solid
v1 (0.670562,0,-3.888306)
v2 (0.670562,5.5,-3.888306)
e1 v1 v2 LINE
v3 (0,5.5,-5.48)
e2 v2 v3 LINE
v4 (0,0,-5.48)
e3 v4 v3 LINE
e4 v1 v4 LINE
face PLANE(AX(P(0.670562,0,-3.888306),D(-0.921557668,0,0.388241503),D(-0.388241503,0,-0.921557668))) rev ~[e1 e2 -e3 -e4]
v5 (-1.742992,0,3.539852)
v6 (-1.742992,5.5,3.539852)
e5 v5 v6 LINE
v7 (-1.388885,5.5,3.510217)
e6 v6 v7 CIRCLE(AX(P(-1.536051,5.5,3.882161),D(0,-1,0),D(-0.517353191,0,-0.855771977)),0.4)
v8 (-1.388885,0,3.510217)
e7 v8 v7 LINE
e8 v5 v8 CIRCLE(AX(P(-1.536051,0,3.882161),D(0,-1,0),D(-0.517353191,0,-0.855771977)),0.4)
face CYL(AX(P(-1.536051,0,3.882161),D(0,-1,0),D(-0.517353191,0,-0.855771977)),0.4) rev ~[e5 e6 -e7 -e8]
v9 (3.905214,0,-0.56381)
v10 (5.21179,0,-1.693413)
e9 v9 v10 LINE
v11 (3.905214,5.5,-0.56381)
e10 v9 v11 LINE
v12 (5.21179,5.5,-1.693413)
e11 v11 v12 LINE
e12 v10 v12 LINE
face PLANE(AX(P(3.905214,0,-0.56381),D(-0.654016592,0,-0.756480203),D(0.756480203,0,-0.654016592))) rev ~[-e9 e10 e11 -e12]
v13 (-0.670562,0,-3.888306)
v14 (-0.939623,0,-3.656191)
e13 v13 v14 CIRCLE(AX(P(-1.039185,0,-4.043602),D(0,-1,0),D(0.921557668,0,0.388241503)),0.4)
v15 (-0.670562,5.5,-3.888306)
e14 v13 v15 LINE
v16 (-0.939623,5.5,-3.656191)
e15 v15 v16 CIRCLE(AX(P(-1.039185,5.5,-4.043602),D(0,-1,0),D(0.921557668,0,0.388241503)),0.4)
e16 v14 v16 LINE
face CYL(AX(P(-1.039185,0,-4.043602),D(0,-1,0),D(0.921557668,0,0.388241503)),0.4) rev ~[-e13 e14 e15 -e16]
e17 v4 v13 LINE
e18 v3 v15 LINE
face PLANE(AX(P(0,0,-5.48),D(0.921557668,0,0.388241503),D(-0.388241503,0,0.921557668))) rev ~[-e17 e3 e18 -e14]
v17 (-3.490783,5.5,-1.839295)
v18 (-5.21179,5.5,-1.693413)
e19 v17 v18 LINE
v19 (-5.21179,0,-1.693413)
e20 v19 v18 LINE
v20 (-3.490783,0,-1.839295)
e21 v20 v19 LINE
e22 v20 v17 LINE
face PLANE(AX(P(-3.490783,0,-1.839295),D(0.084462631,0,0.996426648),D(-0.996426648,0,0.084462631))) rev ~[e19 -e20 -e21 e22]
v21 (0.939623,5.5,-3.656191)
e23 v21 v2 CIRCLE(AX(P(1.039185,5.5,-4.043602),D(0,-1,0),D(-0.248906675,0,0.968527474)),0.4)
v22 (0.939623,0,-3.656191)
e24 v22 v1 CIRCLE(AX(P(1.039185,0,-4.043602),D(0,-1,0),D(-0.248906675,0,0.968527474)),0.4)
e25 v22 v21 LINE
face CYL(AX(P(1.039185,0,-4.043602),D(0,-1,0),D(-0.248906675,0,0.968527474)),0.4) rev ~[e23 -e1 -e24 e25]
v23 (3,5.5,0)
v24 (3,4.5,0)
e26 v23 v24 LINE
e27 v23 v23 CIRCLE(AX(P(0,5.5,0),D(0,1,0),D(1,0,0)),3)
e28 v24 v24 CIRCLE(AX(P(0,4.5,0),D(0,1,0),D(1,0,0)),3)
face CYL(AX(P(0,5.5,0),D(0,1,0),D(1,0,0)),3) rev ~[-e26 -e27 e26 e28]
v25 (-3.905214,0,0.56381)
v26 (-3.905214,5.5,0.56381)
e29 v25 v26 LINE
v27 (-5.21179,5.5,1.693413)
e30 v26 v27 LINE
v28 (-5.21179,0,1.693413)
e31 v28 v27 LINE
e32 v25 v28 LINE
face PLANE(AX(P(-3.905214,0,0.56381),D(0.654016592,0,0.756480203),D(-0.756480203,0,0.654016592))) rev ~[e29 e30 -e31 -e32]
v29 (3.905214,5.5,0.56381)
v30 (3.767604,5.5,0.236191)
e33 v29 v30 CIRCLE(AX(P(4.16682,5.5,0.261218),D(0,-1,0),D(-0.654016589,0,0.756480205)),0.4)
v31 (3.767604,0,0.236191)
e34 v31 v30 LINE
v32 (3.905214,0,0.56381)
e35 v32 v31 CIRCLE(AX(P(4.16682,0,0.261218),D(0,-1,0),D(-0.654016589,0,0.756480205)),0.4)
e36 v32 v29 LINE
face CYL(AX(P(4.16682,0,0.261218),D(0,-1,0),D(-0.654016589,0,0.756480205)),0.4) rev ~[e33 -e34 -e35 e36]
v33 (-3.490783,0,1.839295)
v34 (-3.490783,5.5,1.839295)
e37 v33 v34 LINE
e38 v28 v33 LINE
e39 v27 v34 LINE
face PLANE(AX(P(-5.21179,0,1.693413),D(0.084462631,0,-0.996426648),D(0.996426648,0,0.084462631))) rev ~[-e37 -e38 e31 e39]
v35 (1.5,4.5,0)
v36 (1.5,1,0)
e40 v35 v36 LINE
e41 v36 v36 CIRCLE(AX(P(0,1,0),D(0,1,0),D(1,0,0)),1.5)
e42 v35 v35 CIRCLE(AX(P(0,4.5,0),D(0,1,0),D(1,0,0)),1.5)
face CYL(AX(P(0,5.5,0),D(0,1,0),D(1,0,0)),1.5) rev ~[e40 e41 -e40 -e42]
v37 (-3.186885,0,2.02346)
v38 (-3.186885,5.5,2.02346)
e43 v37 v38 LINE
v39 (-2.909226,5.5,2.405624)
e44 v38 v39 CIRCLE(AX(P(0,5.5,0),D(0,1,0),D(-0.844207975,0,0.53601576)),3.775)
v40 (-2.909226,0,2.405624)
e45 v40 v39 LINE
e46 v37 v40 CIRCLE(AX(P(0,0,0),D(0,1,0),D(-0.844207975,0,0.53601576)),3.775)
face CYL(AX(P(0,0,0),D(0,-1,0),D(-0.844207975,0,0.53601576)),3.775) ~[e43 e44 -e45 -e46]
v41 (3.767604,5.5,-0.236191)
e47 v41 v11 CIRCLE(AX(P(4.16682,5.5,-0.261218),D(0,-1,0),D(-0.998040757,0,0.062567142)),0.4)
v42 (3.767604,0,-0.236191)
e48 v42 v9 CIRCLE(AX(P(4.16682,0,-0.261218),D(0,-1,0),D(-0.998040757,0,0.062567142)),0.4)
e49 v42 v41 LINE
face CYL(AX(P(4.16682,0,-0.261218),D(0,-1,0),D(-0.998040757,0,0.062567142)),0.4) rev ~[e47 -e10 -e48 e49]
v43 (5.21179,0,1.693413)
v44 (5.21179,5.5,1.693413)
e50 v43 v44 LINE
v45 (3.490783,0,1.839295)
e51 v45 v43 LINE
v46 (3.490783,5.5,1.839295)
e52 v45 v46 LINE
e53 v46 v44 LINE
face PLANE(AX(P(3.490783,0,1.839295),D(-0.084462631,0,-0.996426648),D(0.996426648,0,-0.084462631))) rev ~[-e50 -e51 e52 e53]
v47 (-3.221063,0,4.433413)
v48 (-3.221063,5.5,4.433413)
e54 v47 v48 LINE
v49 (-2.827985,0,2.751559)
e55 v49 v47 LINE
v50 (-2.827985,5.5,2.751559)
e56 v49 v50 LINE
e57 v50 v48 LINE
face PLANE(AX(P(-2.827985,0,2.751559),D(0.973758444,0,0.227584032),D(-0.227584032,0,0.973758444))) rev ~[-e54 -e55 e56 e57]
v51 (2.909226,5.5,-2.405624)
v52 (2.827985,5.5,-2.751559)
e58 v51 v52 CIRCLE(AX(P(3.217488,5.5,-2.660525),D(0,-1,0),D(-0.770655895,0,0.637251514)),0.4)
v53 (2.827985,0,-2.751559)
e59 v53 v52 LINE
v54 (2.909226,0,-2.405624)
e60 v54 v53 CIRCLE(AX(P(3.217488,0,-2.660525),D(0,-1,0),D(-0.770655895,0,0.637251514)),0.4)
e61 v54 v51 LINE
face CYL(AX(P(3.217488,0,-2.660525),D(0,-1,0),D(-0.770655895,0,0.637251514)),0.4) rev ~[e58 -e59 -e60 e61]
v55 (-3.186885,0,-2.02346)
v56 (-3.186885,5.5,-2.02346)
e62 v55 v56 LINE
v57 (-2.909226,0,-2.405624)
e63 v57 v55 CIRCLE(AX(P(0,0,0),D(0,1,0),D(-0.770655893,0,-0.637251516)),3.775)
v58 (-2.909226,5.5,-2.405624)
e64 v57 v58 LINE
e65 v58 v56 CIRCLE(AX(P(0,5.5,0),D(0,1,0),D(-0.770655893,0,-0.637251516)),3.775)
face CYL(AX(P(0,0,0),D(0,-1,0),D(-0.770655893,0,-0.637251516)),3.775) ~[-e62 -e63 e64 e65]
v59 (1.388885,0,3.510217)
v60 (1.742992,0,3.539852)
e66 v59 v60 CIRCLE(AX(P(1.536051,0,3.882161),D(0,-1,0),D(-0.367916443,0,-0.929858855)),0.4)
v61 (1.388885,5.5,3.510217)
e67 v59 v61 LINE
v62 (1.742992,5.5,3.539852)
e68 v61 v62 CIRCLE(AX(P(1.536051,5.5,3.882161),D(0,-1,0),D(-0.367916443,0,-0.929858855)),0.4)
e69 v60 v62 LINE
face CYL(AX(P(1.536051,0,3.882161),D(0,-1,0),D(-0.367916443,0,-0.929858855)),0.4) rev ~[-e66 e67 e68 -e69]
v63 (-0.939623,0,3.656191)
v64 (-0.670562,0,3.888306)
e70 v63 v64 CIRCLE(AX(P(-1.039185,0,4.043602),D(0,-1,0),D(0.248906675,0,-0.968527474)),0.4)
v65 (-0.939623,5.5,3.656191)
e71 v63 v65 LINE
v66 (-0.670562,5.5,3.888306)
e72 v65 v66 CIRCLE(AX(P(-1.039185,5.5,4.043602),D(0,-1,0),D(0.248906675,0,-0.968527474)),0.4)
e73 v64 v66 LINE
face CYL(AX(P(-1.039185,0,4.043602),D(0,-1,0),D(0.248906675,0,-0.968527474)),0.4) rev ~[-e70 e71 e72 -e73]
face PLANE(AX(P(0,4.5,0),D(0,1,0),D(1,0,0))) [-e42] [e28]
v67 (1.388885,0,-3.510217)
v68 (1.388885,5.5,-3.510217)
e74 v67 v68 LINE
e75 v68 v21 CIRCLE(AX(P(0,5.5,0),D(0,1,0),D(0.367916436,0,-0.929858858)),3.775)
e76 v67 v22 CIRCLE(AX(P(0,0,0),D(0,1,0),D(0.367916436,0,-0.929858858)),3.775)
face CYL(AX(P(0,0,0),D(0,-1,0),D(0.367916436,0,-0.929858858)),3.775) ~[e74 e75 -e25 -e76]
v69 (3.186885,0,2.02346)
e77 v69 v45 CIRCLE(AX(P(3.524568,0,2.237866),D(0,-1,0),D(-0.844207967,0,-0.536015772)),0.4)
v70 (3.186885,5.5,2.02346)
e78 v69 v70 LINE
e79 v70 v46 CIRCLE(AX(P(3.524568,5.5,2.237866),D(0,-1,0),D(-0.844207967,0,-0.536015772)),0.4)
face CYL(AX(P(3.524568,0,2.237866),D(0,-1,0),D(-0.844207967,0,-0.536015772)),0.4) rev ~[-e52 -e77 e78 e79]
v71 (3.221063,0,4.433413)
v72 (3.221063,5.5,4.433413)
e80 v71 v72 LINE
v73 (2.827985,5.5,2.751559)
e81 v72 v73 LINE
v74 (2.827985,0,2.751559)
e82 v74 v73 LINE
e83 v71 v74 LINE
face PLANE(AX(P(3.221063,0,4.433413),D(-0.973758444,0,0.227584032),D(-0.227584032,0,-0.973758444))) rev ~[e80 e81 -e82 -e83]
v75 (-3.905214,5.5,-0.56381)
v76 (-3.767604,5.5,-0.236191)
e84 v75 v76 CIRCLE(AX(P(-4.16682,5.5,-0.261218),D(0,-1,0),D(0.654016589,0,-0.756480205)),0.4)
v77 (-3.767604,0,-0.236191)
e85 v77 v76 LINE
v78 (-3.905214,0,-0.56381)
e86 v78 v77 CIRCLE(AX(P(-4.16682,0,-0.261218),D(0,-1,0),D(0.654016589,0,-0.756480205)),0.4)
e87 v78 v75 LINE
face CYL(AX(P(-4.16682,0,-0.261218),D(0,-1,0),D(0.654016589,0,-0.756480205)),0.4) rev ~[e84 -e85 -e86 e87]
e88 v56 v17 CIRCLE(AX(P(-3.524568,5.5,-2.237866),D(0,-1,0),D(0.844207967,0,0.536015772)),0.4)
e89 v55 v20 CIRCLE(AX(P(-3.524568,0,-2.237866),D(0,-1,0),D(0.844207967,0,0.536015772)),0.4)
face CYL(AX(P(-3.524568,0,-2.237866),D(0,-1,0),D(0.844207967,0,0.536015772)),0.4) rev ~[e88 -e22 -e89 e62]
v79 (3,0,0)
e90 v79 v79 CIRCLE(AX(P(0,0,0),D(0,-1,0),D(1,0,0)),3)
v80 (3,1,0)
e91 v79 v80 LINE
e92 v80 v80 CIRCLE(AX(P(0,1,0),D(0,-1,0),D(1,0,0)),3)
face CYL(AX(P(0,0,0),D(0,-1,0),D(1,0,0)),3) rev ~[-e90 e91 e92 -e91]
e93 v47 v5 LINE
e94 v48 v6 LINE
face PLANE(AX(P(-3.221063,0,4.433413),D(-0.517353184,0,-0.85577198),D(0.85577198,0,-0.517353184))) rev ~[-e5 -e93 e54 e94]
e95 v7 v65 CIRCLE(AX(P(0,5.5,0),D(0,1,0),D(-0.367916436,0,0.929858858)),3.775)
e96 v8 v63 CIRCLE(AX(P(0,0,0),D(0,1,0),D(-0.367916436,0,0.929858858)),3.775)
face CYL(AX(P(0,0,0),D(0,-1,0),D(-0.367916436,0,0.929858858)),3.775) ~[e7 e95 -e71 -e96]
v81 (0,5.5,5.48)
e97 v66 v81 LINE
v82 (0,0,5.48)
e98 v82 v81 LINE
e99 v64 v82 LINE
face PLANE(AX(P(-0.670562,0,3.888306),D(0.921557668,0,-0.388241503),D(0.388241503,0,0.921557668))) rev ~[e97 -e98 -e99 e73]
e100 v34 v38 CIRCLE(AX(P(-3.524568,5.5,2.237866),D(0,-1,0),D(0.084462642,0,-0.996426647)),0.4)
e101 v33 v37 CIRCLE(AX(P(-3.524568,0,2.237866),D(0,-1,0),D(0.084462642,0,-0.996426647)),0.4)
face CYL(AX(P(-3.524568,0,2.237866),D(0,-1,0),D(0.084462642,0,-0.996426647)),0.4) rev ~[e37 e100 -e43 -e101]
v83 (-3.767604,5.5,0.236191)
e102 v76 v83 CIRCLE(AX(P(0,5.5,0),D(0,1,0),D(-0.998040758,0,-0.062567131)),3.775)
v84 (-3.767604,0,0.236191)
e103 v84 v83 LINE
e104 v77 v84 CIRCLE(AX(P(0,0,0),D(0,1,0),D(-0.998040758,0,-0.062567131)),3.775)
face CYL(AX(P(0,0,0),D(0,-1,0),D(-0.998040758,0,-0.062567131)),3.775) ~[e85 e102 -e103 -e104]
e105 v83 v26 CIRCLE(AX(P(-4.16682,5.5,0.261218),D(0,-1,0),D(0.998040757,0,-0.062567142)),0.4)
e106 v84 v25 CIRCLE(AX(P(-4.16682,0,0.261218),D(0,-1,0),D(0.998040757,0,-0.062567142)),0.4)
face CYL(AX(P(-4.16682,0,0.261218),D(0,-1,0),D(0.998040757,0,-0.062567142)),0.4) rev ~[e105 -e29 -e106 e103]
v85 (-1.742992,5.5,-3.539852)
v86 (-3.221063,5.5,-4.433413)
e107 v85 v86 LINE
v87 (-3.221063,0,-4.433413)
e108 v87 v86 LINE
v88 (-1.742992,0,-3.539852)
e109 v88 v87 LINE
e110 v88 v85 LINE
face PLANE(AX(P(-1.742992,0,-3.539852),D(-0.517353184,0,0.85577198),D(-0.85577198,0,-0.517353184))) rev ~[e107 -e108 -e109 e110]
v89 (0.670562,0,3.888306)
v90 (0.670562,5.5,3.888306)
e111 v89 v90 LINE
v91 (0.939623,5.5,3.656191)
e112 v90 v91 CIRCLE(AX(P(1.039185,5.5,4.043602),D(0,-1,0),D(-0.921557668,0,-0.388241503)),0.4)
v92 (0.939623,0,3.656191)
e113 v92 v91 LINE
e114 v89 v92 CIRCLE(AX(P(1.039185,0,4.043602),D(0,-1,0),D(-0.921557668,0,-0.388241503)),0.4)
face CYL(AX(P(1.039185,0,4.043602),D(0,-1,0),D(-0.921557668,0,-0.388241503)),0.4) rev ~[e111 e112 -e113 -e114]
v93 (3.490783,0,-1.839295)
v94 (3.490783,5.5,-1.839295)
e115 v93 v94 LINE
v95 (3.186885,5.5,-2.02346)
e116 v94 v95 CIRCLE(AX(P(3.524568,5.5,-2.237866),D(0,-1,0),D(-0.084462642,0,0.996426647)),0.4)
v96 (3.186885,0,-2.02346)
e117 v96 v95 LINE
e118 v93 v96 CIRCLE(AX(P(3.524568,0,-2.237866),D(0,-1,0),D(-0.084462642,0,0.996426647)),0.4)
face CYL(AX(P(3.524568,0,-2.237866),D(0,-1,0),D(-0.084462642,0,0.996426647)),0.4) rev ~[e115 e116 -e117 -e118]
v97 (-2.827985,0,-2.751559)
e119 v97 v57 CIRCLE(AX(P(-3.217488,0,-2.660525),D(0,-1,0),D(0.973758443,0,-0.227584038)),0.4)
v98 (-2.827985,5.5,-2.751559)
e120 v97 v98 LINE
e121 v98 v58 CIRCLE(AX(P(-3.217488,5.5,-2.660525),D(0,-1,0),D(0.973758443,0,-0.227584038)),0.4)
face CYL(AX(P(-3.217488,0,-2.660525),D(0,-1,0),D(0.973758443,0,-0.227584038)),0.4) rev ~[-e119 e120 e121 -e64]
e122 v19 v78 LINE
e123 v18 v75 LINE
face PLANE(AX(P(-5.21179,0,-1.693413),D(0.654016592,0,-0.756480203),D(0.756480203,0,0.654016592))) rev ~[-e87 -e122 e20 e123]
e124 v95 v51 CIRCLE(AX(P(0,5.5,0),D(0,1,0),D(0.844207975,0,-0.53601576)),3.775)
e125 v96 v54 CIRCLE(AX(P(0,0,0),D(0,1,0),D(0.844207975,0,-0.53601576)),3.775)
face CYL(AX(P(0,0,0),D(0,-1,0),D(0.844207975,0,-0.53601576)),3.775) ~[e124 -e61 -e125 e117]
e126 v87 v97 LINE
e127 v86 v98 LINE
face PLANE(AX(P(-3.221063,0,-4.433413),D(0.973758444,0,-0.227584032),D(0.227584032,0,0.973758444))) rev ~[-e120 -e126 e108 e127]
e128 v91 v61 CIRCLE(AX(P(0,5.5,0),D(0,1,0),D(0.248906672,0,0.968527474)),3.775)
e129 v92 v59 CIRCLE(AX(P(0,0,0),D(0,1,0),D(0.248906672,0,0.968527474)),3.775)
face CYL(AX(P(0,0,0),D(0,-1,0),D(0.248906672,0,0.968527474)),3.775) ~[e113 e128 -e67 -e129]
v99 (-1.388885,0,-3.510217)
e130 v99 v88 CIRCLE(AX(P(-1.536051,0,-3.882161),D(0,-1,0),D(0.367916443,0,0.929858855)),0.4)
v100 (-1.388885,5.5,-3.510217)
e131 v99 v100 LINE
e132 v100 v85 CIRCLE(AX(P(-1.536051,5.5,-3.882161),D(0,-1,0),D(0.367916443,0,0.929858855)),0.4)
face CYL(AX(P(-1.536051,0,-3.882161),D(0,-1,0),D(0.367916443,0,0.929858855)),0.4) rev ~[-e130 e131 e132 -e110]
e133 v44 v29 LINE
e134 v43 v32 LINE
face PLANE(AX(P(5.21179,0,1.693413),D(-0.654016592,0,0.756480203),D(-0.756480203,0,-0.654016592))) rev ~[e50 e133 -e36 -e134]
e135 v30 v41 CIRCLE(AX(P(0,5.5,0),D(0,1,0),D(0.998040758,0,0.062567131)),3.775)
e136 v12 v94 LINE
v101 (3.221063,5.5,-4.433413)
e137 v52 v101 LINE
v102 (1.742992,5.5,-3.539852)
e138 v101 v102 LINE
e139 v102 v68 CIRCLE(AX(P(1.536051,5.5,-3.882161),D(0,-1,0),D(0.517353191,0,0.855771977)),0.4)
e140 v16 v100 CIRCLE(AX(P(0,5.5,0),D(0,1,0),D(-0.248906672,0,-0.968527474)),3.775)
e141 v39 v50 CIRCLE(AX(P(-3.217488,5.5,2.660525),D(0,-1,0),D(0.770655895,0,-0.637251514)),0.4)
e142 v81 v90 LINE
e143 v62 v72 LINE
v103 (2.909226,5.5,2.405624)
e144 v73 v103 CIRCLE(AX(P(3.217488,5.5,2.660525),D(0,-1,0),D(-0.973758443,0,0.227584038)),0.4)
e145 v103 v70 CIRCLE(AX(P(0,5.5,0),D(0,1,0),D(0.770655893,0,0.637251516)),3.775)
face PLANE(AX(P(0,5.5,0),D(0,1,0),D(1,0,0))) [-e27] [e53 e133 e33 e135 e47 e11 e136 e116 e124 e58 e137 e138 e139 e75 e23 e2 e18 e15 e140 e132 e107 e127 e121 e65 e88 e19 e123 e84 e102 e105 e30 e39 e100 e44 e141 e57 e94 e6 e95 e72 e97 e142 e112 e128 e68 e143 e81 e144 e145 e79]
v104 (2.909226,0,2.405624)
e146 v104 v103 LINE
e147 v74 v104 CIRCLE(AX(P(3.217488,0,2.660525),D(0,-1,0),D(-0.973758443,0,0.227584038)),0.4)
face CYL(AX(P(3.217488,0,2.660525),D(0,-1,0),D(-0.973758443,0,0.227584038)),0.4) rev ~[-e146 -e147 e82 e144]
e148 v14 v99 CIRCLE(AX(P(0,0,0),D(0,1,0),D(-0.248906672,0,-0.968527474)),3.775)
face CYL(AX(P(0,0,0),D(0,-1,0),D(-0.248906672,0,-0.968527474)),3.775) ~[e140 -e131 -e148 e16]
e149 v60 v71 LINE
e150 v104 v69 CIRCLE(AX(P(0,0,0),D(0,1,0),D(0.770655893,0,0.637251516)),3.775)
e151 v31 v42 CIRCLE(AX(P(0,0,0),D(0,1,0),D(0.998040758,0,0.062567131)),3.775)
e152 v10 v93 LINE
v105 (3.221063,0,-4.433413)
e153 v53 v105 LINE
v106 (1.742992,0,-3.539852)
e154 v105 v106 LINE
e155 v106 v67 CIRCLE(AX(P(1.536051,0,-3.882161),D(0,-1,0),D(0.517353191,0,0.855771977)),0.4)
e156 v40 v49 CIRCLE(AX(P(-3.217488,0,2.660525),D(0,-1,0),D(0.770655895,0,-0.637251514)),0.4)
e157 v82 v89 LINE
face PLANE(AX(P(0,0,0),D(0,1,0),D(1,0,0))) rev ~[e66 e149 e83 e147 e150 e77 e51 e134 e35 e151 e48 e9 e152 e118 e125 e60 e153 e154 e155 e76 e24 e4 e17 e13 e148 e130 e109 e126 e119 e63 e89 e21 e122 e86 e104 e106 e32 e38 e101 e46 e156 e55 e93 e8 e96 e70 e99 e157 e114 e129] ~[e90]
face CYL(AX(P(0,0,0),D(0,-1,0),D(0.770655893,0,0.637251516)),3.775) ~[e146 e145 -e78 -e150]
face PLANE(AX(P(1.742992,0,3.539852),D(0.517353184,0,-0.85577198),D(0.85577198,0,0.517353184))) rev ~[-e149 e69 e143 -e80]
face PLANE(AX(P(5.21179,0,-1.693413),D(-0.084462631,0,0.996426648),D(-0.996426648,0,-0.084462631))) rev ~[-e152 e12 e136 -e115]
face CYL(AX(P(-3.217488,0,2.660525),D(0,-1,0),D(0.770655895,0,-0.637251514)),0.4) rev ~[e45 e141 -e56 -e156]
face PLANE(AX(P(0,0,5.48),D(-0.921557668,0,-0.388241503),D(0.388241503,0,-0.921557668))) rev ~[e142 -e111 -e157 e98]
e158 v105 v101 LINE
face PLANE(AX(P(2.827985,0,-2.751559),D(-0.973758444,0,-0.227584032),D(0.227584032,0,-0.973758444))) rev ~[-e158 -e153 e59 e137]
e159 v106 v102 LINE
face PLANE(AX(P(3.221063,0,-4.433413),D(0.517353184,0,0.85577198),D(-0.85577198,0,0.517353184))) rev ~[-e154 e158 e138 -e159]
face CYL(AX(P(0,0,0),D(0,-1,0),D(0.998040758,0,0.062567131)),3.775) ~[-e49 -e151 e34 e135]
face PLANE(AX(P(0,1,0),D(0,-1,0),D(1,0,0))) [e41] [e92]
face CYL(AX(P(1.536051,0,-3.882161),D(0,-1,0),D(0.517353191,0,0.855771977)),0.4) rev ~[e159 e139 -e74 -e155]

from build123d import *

# Parameters (mm, degrees)
BOSS_EXTRUDE1_DEPTH = 5.5
SKETCH2_R           = 1.5
CUT_EXTRUDE2_DEPTH  = 10.351104318
SKETCH2_4_R         = 3
SKETCH2_4_R_2       = 1.5
CUT_EXTRUDE3_DEPTH  = 1
CUT_EXTRUDE4_START  = -1
SKETCH4_R           = 3
CUT_EXTRUDE4_DEPTH  = 1


with BuildPart() as part:
    # Sketch1 → Boss-Extrude1 (new body)
    with BuildSketch(Plane(origin=(0, 0, 0), x_dir=(1, 0, 0), z_dir=(0, 1, 0))):
        with BuildLine():
            Line((0, 5.48), (-0.670562296, 3.888305602))
            ThreePointArc((-0.670562296, 3.888305602), (-0.777902483, 3.74073052), (-0.939622693, 3.656191214))
            ThreePointArc((-0.939622693, 3.656191214), (-1.166539154, 3.590238349), (-1.388884548, 3.510217189))
            ThreePointArc((-1.388884548, 3.510217189), (-1.569409904, 3.483554169), (-1.742992396, 3.53985194))
            Line((-1.742992396, 3.53985194), (-3.221063183, 4.433413129))
            Line((-3.221063183, 4.433413129), (-2.827984983, 2.751558684))
            ThreePointArc((-2.827984983, 2.751558684), (-2.828082561, 2.569074955), (-2.909226002, 2.405624465))
            ThreePointArc((-2.909226002, 2.405624465), (-3.054039154, 2.218889327), (-3.186885098, 2.023459505))
            ThreePointArc((-3.186885098, 2.023459505), (-3.31726105, 1.895778528), (-3.490783235, 1.839295151))
            Line((-3.490783235, 1.839295151), (-5.211789709, 1.693413129))
            Line((-5.211789709, 1.693413129), (-3.905213526, 0.56380987))
            ThreePointArc((-3.905213526, 0.56380987), (-3.798031224, 0.416120077), (-3.76760386, 0.236190934))
            ThreePointArc((-3.76760386, 0.236190934), (-3.775, 0), (-3.76760386, -0.236190934))
            ThreePointArc((-3.76760386, -0.236190934), (-3.798031224, -0.416120077), (-3.905213526, -0.56380987))
            Line((-3.905213526, -0.56380987), (-5.211789709, -1.693413129))
            Line((-5.211789709, -1.693413129), (-3.490783235, -1.839295151))
            ThreePointArc((-3.490783235, -1.839295151), (-3.31726105, -1.895778528), (-3.186885098, -2.023459505))
            ThreePointArc((-3.186885098, -2.023459505), (-3.054039154, -2.218889327), (-2.909226002, -2.405624465))
            ThreePointArc((-2.909226002, -2.405624465), (-2.828082561, -2.569074955), (-2.827984983, -2.751558684))
            Line((-2.827984983, -2.751558684), (-3.221063183, -4.433413129))
            Line((-3.221063183, -4.433413129), (-1.742992396, -3.53985194))
            ThreePointArc((-1.742992396, -3.53985194), (-1.569409904, -3.483554169), (-1.388884548, -3.510217189))
            ThreePointArc((-1.388884548, -3.510217189), (-1.166539154, -3.590238349), (-0.939622693, -3.656191214))
            ThreePointArc((-0.939622693, -3.656191214), (-0.777902483, -3.74073052), (-0.670562296, -3.888305602))
            Line((-0.670562296, -3.888305602), (0, -5.48))
            Line((0, -5.48), (0.670562296, -3.888305602))
            ThreePointArc((0.670562296, -3.888305602), (0.777902483, -3.74073052), (0.939622693, -3.656191214))
            ThreePointArc((0.939622693, -3.656191214), (1.166539154, -3.590238349), (1.388884548, -3.510217189))
            ThreePointArc((1.388884548, -3.510217189), (1.569409904, -3.483554169), (1.742992396, -3.53985194))
            Line((1.742992396, -3.53985194), (3.221063183, -4.433413129))
            Line((3.221063183, -4.433413129), (2.827984983, -2.751558684))
            ThreePointArc((2.827984983, -2.751558684), (2.828082561, -2.569074955), (2.909226002, -2.405624465))
            ThreePointArc((2.909226002, -2.405624465), (3.054039154, -2.218889327), (3.186885098, -2.023459505))
            ThreePointArc((3.186885098, -2.023459505), (3.31726105, -1.895778528), (3.490783235, -1.839295151))
            Line((3.490783235, -1.839295151), (5.211789709, -1.693413129))
            Line((5.211789709, -1.693413129), (3.905213526, -0.56380987))
            ThreePointArc((3.905213526, -0.56380987), (3.798031224, -0.416120077), (3.76760386, -0.236190934))
            ThreePointArc((3.76760386, -0.236190934), (3.775, 0), (3.76760386, 0.236190934))
            ThreePointArc((3.76760386, 0.236190934), (3.798031224, 0.416120077), (3.905213526, 0.56380987))
            Line((3.905213526, 0.56380987), (5.211789709, 1.693413129))
            Line((5.211789709, 1.693413129), (3.490783235, 1.839295151))
            ThreePointArc((3.490783235, 1.839295151), (3.31726105, 1.895778528), (3.186885098, 2.023459505))
            ThreePointArc((3.186885098, 2.023459505), (3.054039154, 2.218889327), (2.909226002, 2.405624465))
            ThreePointArc((2.909226002, 2.405624465), (2.828082561, 2.569074955), (2.827984983, 2.751558684))
            Line((2.827984983, 2.751558684), (3.221063183, 4.433413129))
            Line((3.221063183, 4.433413129), (1.742992396, 3.53985194))
            ThreePointArc((1.742992396, 3.53985194), (1.569409904, 3.483554169), (1.388884548, 3.510217189))
            ThreePointArc((1.388884548, 3.510217189), (1.166539154, 3.590238349), (0.939622693, 3.656191214))
            ThreePointArc((0.939622693, 3.656191214), (0.777902483, 3.74073052), (0.670562296, 3.888305602))
            Line((0.670562296, 3.888305602), (0, 5.48))
        make_face()
    extrude(amount=BOSS_EXTRUDE1_DEPTH)

    # Sketch2 → Cut-Extrude2 (cut, through all)
    with BuildSketch(Plane(origin=(0, 5.5, 0), x_dir=(1, 0, 0), z_dir=(0, 1, 0))):
        Circle(SKETCH2_R)
    extrude(amount=-CUT_EXTRUDE2_DEPTH, mode=Mode.SUBTRACT)

    # Sketch2<4> → Cut-Extrude3 (cut)
    with BuildSketch(Plane(origin=(0, 5.5, 0), x_dir=(1, 0, 0), z_dir=(0, 1, 0))):
        Circle(SKETCH2_4_R)
        Circle(SKETCH2_4_R_2, mode=Mode.SUBTRACT)
    extrude(amount=-CUT_EXTRUDE3_DEPTH, mode=Mode.SUBTRACT)

    # Sketch4 → Cut-Extrude4 (cut)
    with BuildSketch(Plane.XZ.offset(CUT_EXTRUDE4_START)):
        Circle(SKETCH4_R)
    extrude(amount=CUT_EXTRUDE4_DEPTH, mode=Mode.SUBTRACT)


solid = part.part
